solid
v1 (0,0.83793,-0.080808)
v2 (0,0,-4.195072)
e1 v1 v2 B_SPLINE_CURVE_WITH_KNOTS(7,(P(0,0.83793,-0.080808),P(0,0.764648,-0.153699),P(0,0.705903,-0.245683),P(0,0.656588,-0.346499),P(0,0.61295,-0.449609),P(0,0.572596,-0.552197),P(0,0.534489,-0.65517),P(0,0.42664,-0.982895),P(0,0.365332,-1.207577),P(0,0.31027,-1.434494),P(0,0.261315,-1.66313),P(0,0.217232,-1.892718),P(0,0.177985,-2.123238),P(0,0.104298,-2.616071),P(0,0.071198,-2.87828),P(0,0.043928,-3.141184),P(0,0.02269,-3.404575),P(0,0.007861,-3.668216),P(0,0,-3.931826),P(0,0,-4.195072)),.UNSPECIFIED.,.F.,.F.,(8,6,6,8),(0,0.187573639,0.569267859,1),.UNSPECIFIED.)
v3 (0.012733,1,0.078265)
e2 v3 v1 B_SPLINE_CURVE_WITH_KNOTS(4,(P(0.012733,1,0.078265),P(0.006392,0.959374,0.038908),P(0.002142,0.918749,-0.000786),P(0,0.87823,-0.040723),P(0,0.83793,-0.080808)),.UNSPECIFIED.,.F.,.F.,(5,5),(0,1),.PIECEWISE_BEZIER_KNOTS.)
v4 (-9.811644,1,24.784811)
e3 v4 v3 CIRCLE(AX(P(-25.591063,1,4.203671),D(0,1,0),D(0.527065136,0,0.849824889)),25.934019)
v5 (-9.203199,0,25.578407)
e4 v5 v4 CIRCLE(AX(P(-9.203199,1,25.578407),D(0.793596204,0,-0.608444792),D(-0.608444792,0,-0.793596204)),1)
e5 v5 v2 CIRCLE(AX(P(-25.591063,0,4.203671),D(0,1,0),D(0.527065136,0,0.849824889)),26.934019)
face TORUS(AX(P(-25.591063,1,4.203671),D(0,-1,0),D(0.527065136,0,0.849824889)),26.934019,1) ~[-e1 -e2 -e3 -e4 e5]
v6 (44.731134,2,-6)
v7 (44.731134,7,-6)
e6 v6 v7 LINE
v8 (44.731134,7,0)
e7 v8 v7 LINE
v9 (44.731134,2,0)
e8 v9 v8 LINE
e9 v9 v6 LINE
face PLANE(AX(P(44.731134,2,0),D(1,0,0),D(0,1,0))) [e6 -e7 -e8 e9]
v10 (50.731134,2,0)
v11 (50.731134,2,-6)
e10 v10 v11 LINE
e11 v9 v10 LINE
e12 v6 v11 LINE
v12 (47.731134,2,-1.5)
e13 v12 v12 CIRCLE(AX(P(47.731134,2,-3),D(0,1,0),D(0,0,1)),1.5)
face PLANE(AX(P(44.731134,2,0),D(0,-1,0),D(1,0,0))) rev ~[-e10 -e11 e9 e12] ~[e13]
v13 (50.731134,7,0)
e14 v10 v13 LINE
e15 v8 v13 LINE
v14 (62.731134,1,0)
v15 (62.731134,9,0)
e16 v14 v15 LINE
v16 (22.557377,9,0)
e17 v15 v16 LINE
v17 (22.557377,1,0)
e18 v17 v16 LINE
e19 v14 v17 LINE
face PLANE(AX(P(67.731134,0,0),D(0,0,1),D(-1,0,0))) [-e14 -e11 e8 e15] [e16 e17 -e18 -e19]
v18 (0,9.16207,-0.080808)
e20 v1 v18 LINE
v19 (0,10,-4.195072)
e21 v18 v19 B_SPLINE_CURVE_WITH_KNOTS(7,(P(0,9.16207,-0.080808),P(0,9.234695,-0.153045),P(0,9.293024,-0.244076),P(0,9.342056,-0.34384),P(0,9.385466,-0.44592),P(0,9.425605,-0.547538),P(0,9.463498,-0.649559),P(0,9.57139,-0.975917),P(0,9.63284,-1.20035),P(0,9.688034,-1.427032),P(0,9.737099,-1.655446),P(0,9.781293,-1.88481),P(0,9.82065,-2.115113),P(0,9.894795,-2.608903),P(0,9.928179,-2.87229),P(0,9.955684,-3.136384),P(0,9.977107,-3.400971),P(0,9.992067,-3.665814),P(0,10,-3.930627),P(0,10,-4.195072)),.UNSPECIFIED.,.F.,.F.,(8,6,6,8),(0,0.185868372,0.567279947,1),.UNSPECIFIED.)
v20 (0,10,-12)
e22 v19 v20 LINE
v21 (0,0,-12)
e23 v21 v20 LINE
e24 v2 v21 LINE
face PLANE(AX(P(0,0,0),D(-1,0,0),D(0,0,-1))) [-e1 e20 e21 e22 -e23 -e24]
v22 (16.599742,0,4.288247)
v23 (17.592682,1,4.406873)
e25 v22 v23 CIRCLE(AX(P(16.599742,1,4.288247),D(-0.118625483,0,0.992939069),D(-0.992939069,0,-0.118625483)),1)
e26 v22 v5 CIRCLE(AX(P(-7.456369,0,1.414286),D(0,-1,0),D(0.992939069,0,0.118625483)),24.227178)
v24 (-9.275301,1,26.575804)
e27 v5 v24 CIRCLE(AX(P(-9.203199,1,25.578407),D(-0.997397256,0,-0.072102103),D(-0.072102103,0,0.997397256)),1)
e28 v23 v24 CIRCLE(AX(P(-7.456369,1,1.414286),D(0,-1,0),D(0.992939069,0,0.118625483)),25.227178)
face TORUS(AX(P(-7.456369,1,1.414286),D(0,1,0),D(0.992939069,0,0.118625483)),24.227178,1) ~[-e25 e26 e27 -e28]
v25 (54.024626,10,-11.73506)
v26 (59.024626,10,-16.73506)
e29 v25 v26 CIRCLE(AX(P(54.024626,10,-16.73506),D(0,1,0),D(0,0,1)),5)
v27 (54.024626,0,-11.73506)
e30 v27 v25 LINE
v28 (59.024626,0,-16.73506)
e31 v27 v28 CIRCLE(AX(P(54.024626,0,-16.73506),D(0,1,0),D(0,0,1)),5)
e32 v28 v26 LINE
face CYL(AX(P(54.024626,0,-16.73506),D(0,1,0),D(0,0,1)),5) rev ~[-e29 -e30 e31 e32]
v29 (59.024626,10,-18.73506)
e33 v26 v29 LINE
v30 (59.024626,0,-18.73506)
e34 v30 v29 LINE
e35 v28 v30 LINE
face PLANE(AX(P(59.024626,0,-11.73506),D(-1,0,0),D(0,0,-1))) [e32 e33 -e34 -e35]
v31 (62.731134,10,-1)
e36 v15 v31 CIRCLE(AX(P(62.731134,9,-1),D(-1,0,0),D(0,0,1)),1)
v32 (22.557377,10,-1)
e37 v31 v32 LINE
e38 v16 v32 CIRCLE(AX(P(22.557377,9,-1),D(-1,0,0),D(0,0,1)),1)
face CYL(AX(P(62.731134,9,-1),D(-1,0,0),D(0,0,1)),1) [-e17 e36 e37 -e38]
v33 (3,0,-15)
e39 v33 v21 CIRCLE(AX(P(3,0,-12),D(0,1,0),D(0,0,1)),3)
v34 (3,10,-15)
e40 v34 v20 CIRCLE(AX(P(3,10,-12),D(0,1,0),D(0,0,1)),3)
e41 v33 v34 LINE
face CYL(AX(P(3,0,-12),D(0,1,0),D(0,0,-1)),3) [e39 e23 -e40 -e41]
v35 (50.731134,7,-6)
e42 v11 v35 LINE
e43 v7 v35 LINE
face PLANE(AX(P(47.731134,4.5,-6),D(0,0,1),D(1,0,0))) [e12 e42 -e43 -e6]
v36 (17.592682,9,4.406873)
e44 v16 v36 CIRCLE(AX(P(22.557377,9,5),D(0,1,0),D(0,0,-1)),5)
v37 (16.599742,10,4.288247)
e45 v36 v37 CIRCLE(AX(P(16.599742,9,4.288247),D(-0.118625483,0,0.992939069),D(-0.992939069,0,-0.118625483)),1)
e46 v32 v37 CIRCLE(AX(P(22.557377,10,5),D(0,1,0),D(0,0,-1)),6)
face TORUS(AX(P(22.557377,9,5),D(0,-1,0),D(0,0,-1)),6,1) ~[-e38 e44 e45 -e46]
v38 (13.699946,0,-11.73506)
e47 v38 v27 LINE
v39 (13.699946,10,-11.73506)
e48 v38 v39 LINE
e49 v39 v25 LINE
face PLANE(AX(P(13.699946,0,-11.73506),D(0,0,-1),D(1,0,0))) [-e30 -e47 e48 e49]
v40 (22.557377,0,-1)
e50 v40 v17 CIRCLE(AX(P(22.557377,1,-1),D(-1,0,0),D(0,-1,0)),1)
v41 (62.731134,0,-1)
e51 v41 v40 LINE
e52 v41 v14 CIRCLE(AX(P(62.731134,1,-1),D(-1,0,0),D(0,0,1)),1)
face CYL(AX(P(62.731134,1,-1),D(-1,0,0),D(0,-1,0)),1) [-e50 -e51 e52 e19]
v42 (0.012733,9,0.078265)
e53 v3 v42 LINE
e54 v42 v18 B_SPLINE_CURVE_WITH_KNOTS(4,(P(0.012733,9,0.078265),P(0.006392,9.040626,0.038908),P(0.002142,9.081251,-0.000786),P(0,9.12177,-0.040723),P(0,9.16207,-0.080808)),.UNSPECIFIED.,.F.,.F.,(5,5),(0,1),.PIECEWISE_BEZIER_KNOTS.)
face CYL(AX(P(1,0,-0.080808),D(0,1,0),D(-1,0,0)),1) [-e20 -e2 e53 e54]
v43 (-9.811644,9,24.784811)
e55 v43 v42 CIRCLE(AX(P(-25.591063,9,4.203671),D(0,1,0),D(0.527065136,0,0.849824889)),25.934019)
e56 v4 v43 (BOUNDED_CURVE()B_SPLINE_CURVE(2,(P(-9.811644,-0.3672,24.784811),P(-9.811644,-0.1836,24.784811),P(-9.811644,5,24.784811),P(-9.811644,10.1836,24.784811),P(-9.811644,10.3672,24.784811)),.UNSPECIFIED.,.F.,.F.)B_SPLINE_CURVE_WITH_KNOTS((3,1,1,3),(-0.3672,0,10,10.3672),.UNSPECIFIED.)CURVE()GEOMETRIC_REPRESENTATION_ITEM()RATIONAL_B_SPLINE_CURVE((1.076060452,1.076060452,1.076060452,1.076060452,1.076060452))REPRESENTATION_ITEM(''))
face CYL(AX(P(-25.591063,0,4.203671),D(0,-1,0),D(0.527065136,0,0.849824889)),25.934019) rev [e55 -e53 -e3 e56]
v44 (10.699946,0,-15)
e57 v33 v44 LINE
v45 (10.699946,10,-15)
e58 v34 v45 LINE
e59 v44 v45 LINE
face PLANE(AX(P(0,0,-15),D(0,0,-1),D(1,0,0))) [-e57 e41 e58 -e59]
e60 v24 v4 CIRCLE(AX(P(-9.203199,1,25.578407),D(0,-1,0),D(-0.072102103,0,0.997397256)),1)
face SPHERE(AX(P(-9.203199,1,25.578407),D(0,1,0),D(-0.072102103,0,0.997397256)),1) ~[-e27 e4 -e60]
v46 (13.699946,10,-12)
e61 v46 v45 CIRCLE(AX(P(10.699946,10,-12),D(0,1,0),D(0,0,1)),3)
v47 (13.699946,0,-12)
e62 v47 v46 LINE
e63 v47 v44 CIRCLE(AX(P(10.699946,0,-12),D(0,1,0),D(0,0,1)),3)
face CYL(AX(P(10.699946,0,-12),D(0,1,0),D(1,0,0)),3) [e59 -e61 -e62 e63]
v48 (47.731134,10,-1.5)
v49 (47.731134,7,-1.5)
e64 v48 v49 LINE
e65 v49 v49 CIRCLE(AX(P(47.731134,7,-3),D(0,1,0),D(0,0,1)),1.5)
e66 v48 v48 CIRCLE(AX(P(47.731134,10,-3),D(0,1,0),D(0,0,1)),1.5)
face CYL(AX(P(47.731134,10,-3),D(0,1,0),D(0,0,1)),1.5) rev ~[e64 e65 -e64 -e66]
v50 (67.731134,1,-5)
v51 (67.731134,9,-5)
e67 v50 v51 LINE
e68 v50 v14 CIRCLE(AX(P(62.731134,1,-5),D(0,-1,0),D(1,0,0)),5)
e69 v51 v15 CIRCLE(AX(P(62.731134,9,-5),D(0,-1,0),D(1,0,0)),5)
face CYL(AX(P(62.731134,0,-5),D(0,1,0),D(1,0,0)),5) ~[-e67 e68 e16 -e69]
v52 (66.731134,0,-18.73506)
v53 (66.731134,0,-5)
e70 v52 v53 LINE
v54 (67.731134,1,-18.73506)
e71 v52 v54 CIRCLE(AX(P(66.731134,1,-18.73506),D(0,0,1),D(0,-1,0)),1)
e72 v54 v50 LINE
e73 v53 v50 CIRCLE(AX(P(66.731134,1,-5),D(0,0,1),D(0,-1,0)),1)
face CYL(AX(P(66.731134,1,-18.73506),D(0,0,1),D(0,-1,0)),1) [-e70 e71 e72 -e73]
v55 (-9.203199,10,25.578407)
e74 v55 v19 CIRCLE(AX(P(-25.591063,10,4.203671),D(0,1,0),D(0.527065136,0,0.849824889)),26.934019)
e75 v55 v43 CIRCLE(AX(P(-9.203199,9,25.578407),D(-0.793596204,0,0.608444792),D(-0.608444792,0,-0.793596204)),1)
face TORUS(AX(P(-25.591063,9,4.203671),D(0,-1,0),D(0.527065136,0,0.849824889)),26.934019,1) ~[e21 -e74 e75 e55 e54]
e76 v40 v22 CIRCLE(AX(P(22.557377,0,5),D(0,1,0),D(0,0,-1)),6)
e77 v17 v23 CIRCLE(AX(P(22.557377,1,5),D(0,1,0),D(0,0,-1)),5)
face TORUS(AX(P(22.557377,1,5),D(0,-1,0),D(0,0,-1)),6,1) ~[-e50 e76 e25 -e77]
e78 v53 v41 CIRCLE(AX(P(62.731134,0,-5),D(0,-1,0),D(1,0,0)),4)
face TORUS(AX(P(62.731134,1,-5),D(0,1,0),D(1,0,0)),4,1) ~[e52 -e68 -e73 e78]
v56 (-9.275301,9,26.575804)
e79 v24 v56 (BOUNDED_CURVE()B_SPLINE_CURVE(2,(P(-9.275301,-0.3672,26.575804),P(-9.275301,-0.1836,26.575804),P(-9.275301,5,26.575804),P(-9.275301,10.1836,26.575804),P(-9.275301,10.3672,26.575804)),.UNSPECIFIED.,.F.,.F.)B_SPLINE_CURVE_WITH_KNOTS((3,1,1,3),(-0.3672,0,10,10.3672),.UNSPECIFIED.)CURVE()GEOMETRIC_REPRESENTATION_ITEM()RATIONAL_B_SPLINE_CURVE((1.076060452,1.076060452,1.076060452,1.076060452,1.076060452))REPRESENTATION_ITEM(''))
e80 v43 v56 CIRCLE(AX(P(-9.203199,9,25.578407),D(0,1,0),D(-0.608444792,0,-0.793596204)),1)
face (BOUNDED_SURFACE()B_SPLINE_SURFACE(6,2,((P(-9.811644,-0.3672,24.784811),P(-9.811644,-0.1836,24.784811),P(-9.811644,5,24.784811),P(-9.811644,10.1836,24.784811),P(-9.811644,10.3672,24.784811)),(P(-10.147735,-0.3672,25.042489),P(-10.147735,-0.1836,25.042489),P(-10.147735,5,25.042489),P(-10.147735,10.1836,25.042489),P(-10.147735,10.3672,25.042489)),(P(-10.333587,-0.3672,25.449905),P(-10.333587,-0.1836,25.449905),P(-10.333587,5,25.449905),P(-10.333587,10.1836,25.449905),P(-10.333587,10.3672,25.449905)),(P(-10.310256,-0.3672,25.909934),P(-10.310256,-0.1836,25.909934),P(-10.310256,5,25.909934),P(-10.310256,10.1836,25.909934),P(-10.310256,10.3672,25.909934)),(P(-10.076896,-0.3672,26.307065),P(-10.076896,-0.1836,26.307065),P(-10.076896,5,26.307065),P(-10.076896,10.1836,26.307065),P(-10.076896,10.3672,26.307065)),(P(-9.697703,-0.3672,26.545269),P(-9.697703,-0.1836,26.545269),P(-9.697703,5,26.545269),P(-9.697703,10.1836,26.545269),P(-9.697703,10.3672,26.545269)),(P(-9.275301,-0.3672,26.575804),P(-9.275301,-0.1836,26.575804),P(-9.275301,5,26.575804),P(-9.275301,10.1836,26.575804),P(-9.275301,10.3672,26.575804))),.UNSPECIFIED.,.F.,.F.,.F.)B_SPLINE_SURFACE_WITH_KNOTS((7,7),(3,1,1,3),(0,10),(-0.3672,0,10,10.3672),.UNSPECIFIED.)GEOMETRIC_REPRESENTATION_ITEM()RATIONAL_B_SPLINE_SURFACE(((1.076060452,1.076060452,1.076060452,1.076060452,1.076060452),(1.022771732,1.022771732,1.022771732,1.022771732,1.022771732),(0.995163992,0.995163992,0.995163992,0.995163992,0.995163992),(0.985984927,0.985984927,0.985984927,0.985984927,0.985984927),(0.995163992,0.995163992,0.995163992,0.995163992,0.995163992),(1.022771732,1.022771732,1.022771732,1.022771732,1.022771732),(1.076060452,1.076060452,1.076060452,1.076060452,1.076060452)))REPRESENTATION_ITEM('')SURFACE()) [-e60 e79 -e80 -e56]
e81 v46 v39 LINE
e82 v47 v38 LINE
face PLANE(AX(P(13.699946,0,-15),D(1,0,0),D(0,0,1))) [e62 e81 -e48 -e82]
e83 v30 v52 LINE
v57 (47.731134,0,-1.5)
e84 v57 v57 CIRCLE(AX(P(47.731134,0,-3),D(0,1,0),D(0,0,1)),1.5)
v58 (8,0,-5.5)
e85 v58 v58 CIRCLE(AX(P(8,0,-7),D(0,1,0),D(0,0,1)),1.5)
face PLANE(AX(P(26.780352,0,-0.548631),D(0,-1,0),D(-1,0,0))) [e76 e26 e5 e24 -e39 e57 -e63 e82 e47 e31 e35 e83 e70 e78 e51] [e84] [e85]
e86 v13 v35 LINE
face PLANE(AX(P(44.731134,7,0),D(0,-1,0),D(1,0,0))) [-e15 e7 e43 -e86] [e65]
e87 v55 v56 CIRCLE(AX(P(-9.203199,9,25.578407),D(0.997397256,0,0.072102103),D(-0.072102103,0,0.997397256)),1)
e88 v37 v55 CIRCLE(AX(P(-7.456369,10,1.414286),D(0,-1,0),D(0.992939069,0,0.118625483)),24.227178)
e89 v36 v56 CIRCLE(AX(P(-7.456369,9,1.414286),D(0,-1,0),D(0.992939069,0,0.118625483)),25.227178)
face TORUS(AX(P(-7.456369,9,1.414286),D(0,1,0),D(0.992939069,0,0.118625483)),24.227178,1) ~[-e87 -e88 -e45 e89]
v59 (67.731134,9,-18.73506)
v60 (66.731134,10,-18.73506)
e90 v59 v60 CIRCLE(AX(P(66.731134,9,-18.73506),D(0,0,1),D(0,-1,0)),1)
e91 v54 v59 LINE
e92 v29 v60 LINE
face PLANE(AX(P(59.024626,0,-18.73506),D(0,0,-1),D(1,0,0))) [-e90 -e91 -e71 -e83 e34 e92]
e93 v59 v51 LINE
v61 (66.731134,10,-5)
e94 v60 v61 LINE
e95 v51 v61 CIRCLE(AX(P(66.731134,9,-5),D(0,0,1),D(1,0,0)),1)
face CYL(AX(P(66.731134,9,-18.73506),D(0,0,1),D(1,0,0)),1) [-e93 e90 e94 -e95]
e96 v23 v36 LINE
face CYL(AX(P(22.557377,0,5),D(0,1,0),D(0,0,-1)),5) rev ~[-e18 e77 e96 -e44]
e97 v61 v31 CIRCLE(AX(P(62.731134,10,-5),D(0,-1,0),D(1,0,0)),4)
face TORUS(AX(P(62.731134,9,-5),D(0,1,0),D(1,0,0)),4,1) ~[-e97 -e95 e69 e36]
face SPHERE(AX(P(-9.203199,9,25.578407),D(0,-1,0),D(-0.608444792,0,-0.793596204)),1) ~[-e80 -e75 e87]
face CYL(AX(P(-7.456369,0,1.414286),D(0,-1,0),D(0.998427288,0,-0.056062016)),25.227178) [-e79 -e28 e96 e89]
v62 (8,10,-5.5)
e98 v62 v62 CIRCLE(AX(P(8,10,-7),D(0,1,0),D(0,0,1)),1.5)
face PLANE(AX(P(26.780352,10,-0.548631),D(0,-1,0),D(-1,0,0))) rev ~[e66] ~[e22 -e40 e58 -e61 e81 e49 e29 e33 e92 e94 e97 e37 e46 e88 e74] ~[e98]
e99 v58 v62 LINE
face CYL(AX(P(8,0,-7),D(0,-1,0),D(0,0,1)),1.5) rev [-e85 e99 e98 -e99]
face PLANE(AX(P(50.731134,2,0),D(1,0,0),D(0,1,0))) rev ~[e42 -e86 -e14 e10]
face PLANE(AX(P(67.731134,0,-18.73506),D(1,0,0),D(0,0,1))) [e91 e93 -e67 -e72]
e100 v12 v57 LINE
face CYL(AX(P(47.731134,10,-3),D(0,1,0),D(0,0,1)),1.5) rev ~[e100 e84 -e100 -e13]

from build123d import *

# Parameters (mm, degrees)
CROQUIS1_R              = 1.5
SALIENTE_EXTRUIR1_DEPTH = 10
REDONDEO1_R             = 3
CROQUIS3_R              = 1.5
CORTAR_EXTRUIR2_DEPTH   = 11
REDONDEO2_R             = 5
CROQUIS4_W              = 6
CROQUIS4_H              = 5
CORTAR_EXTRUIR3_DEPTH   = 6
REDONDEO3_R             = 1


with BuildPart() as part:
    # Croquis1 → Saliente-Extruir1 (new body)
    with BuildSketch(Plane(origin=(0, 0, 0), x_dir=(1, 0, 0), z_dir=(0, 1, 0))):
        with BuildLine():
            Line((13.699946153, 11.735059562), (59.024625957, 11.735059562))
            Line((59.024625957, 11.735059562), (59.024625957, 18.735059562))
            Line((59.024625957, 18.735059562), (67.731133792, 18.735059562))
            Line((67.731133792, 18.735059562), (67.731133792, 0))
            Line((67.731133792, 0), (17.731133792, 0))
            ThreePointArc((17.731133792, 0), (9.262538254, -20.305782945), (-11.922145642, -26.243046592))
            ThreePointArc((-11.922145642, -26.243046592), (-1.979394551, -14.930389049), (0, 0))
            Line((0, 0), (0, 15))
            Line((0, 15), (13.699946153, 15))
            Line((13.699946153, 15), (13.699946153, 11.735059562))
        make_face()
        with Locations(Location((8, 7, 0), (0, 0, 270))):
            Circle(CROQUIS1_R, mode=Mode.SUBTRACT)
    extrude(amount=SALIENTE_EXTRUIR1_DEPTH)

    # Redondeo1
    redondeo1_edges = [part.edges().sort_by_distance(p)[0] for p in [
        (0, 5, -15),
        (13.699946153, 5, -15),
    ]]
    fillet(redondeo1_edges, radius=REDONDEO1_R)

    # Croquis3 → Cortar-Extruir2 (cut)
    with BuildSketch(Plane(origin=(0, 10, 0), x_dir=(1, 0, 0), z_dir=(0, 1, 0))):
        with Locations(Location((47.731133792, 3, 0), (0, 0, 270))):
            Circle(CROQUIS3_R)
    extrude(amount=-CORTAR_EXTRUIR2_DEPTH, mode=Mode.SUBTRACT)

    # Redondeo2
    redondeo2_edges = [part.edges().sort_by_distance(p)[0] for p in [
        (67.731133792, 5, 0),
        (17.731133792, 5, 0),
        (59.024625957, 5, -11.735059562),
    ]]
    fillet(redondeo2_edges, radius=REDONDEO2_R)

    # Croquis4 → Cortar-Extruir3 (cut)
    with BuildSketch(Plane.XY):
        with Locations((47.731133792, 4.5)):
            Rectangle(CROQUIS4_W, CROQUIS4_H)
    extrude(amount=-CORTAR_EXTRUIR3_DEPTH, mode=Mode.SUBTRACT)

    # Redondeo3
    redondeo3_edges = [part.edges().sort_by_distance(p)[0] for p in [
        (7.547710992, 0, 21.694525169),
        (-1.979394551, 0, 14.930389049),
        (-11.922145642, 5, 26.243046592),
        (0, 5, 0),
        (-1.979394551, 10, 14.930389049),
        (7.547710992, 10, 21.694525169),
        (67.731133792, 0, -11.867529781),
        (67.731133792, 10, -11.867529781),
        (42.644255321, 0, 0),
        (66.266667698, 0, -1.464466094),
        (42.644255321, 10, 0),
        (66.266667698, 10, -1.464466094),
        (19.238162868, 0, 1.260639287),
        (19.238162868, 10, 1.260639287),
    ]]
    fillet(redondeo3_edges, radius=REDONDEO3_R)


solid = part.part
